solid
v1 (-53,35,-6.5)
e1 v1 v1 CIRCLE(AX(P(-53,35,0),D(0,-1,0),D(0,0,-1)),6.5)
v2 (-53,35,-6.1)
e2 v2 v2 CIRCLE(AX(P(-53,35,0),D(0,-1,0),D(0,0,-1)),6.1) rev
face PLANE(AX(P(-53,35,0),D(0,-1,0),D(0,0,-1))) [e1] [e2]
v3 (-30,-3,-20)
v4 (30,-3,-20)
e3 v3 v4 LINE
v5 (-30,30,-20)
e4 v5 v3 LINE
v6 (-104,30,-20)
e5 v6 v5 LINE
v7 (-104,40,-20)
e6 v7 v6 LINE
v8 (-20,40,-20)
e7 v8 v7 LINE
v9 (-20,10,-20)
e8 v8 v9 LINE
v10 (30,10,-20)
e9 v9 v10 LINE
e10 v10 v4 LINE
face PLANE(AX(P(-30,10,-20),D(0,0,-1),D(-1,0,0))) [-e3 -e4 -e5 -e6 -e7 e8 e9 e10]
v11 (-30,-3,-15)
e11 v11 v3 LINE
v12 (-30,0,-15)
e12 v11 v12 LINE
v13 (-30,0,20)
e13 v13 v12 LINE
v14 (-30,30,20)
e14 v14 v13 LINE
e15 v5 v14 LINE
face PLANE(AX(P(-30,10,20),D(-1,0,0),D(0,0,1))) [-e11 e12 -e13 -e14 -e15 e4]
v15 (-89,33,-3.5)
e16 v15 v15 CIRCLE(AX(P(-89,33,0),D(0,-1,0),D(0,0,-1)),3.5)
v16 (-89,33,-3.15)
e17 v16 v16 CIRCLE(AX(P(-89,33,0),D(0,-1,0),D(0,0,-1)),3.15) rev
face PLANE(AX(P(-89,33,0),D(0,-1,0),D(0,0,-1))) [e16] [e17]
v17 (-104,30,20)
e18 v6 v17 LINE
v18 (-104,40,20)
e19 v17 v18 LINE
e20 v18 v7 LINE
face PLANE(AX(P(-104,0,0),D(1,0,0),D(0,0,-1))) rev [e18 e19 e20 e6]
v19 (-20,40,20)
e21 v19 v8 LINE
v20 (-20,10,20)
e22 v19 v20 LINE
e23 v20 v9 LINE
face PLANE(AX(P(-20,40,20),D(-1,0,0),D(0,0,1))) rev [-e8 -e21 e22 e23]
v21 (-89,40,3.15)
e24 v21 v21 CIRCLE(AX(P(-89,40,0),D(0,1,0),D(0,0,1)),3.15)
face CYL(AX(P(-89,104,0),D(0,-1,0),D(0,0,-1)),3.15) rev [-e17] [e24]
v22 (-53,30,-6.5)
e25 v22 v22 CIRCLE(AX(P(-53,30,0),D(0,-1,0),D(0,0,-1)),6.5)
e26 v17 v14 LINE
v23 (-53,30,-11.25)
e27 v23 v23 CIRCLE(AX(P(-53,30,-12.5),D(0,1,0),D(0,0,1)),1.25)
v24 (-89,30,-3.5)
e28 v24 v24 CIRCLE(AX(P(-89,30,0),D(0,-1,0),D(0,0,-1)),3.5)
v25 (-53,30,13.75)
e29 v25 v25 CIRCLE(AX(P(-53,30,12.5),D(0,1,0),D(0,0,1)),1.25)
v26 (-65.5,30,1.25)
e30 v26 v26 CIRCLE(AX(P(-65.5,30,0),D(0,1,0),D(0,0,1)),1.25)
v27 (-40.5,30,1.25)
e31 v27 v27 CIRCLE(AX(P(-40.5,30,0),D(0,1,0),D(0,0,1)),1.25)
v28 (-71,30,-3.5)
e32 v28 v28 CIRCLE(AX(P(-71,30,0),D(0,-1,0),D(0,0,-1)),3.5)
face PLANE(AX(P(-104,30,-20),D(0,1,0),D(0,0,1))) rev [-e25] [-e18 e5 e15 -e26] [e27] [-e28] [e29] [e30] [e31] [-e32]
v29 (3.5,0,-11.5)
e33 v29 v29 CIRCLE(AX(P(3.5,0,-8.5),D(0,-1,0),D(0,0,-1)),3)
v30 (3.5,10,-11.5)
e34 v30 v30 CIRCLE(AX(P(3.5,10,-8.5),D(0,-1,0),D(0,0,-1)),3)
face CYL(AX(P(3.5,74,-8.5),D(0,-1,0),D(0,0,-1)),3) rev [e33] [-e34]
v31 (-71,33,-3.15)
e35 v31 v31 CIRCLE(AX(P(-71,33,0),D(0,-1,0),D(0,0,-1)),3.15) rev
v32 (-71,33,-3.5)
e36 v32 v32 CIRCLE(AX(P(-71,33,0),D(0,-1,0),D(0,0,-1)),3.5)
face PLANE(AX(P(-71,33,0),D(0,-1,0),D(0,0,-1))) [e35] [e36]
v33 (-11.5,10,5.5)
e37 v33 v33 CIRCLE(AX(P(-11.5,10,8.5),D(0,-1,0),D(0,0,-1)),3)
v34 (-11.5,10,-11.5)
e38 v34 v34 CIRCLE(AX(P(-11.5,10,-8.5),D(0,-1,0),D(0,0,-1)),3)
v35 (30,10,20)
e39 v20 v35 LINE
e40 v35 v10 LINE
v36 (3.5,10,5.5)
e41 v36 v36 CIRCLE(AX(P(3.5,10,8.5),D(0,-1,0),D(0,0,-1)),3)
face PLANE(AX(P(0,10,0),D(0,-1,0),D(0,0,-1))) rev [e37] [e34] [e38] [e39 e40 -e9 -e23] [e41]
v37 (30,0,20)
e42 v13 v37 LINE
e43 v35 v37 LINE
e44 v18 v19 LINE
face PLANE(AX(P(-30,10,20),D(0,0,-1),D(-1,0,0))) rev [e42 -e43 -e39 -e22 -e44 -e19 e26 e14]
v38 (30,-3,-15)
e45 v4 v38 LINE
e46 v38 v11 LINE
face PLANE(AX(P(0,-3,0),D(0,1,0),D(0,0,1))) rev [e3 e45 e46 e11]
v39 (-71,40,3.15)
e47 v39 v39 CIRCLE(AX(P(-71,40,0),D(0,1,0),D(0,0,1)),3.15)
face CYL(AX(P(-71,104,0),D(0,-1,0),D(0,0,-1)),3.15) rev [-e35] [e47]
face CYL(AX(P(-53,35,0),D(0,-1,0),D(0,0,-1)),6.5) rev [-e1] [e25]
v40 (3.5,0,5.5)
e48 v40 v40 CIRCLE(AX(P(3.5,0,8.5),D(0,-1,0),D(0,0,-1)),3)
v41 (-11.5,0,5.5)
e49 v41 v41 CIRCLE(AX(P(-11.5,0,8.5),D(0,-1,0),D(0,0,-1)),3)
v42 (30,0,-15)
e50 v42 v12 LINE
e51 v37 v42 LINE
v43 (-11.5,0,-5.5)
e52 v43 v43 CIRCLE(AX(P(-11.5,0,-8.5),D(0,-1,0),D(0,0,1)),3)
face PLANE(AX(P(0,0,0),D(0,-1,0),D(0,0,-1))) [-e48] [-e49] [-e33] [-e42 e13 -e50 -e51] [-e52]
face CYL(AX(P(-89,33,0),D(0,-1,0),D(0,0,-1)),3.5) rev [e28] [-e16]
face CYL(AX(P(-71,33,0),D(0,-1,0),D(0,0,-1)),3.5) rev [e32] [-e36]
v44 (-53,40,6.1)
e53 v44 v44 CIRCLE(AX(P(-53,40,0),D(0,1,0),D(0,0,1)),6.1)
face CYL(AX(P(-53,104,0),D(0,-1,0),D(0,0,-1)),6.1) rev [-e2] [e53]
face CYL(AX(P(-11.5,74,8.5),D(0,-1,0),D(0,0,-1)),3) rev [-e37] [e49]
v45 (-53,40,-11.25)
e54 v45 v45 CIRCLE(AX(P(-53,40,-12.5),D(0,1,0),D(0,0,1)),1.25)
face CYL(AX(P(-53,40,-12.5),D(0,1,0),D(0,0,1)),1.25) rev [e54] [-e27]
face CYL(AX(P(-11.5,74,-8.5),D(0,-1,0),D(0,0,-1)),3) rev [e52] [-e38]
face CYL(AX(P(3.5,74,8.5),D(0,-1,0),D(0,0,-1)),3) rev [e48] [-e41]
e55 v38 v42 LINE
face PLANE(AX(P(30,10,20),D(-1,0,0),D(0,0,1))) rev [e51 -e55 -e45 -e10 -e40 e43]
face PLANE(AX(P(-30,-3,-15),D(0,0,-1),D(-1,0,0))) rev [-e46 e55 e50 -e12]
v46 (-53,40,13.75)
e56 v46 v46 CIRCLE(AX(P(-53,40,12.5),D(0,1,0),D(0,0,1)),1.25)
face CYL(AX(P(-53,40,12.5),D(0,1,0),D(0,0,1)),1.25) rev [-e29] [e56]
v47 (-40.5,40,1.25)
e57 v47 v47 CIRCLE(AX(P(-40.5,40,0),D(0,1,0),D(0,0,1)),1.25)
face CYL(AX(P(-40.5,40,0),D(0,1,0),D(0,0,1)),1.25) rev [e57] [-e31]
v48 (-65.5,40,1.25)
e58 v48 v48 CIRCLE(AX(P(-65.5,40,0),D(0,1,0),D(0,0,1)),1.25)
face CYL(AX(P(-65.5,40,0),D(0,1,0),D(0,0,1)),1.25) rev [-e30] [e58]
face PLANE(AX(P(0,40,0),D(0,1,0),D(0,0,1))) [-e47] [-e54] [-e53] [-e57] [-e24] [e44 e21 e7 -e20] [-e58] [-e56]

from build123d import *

# Parameters (mm, degrees)
SKETCH1_W           = 60
SKETCH1_H           = 40
BOSS_EXTRUDE1_DEPTH = 10
SKETCH2_W           = 10
SKETCH2_H           = 40
BOSS_EXTRUDE2_DEPTH = 30
SKETCH3_W           = 40
SKETCH3_H           = 10
BOSS_EXTRUDE3_DEPTH = 74
SKETCH4_R           = 6.1
SKETCH4_R_2         = 3.15
CUT_EXTRUDE1_DEPTH  = 74
SKETCH5_R           = 3
CUT_EXTRUDE2_DEPTH  = 74
SKETCH6_R           = 3.5
CUT_EXTRUDE3_DEPTH  = 3
SKETCH7_R           = 6.5
CUT_EXTRUDE4_DEPTH  = 5
M3_TAPPED_HOLE1_D   = 2.5
CIRPATTERN1_COUNT   = 4
SKETCH10_W          = 60
SKETCH10_H          = 5
BOSS_EXTRUDE4_DEPTH = 3


with BuildPart() as part:
    # Sketch1 → Boss-Extrude1 (new body)
    with BuildSketch(Plane(origin=(0, 0, 0), x_dir=(1, 0, 0), z_dir=(0, 1, 0))):
        Rectangle(SKETCH1_W, SKETCH1_H)
    extrude(amount=BOSS_EXTRUDE1_DEPTH)

    # Sketch2 → Boss-Extrude2 (add)
    with BuildSketch(Plane(origin=(0, 10, 0), x_dir=(1, 0, 0), z_dir=(0, 1, 0))):
        with Locations((-25, 0)):
            Rectangle(SKETCH2_W, SKETCH2_H)
    extrude(amount=BOSS_EXTRUDE2_DEPTH)

    # Sketch3 → Boss-Extrude3 (add)
    with BuildSketch(Plane.ZY.offset(30)):
        with Locations((0, 35)):
            Rectangle(SKETCH3_W, SKETCH3_H)
    extrude(amount=BOSS_EXTRUDE3_DEPTH)

    # Sketch4 → Cut-Extrude1 (cut)
    with BuildSketch(Plane.XZ.offset(-30)):
        with Locations(Location((-53, 0, 0), (0, 0, 270))):
            Circle(SKETCH4_R)
        with Locations(Location((-71, 0, 0), (0, 0, 270))):
            Circle(SKETCH4_R_2)
        with Locations(Location((-89, 0, 0), (0, 0, 270))):
            Circle(SKETCH4_R_2)
    extrude(amount=-CUT_EXTRUDE1_DEPTH, mode=Mode.SUBTRACT)

    # Sketch5 → Cut-Extrude2 (cut)
    with BuildSketch(Plane.XZ):
        with Locations(Location((-11.5, 8.5, 0), (0, 0, 270))):
            Circle(SKETCH5_R)
        with Locations(Location((-11.5, -8.5, 0), (0, 0, 270))):
            Circle(SKETCH5_R)
        with Locations(Location((3.5, 8.5, 0), (0, 0, 270))):
            Circle(SKETCH5_R)
        with Locations(Location((3.5, -8.5, 0), (0, 0, 270))):
            Circle(SKETCH5_R)
    extrude(amount=-CUT_EXTRUDE2_DEPTH, mode=Mode.SUBTRACT)

    # Sketch6 → Cut-Extrude3 (cut)
    with BuildSketch(Plane.XZ.offset(-30)):
        with Locations(Location((-89, 0, 0), (0, 0, 270))):
            Circle(SKETCH6_R)
        with Locations(Location((-71, 0, 0), (0, 0, 270))):
            Circle(SKETCH6_R)
    extrude(amount=-CUT_EXTRUDE3_DEPTH, mode=Mode.SUBTRACT)

    # Sketch7 → Cut-Extrude4 (cut)
    with BuildSketch(Plane.XZ.offset(-30)):
        with Locations(Location((-53, 0, 0), (0, 0, 270))):
            Circle(SKETCH7_R)
    extrude(amount=-CUT_EXTRUDE4_DEPTH, mode=Mode.SUBTRACT)

    # M3 Tapped Hole1 (through all)
    with Locations(Plane(origin=(0, 40, 0), x_dir=(1, 0, 0), z_dir=(0, 1, 0))):
        with Locations((-53, 12.5)):
            m3_tapped_hole1 = Hole(M3_TAPPED_HOLE1_D / 2)

    # CirPattern1: M3 Tapped Hole1 ×4 about axis
    cirpattern1_axis = Axis((-53, 0, 0), (0, 1, 0))
    for i in range(1, CIRPATTERN1_COUNT):
        add(m3_tapped_hole1.rotate(cirpattern1_axis, i * 360 / CIRPATTERN1_COUNT), mode=Mode.SUBTRACT)

    # Sketch10 → Boss-Extrude4 (add)
    with BuildSketch(Plane.XZ):
        with Locations((0, -17.5)):
            Rectangle(SKETCH10_W, SKETCH10_H)
    extrude(amount=BOSS_EXTRUDE4_DEPTH)


solid = part.part
